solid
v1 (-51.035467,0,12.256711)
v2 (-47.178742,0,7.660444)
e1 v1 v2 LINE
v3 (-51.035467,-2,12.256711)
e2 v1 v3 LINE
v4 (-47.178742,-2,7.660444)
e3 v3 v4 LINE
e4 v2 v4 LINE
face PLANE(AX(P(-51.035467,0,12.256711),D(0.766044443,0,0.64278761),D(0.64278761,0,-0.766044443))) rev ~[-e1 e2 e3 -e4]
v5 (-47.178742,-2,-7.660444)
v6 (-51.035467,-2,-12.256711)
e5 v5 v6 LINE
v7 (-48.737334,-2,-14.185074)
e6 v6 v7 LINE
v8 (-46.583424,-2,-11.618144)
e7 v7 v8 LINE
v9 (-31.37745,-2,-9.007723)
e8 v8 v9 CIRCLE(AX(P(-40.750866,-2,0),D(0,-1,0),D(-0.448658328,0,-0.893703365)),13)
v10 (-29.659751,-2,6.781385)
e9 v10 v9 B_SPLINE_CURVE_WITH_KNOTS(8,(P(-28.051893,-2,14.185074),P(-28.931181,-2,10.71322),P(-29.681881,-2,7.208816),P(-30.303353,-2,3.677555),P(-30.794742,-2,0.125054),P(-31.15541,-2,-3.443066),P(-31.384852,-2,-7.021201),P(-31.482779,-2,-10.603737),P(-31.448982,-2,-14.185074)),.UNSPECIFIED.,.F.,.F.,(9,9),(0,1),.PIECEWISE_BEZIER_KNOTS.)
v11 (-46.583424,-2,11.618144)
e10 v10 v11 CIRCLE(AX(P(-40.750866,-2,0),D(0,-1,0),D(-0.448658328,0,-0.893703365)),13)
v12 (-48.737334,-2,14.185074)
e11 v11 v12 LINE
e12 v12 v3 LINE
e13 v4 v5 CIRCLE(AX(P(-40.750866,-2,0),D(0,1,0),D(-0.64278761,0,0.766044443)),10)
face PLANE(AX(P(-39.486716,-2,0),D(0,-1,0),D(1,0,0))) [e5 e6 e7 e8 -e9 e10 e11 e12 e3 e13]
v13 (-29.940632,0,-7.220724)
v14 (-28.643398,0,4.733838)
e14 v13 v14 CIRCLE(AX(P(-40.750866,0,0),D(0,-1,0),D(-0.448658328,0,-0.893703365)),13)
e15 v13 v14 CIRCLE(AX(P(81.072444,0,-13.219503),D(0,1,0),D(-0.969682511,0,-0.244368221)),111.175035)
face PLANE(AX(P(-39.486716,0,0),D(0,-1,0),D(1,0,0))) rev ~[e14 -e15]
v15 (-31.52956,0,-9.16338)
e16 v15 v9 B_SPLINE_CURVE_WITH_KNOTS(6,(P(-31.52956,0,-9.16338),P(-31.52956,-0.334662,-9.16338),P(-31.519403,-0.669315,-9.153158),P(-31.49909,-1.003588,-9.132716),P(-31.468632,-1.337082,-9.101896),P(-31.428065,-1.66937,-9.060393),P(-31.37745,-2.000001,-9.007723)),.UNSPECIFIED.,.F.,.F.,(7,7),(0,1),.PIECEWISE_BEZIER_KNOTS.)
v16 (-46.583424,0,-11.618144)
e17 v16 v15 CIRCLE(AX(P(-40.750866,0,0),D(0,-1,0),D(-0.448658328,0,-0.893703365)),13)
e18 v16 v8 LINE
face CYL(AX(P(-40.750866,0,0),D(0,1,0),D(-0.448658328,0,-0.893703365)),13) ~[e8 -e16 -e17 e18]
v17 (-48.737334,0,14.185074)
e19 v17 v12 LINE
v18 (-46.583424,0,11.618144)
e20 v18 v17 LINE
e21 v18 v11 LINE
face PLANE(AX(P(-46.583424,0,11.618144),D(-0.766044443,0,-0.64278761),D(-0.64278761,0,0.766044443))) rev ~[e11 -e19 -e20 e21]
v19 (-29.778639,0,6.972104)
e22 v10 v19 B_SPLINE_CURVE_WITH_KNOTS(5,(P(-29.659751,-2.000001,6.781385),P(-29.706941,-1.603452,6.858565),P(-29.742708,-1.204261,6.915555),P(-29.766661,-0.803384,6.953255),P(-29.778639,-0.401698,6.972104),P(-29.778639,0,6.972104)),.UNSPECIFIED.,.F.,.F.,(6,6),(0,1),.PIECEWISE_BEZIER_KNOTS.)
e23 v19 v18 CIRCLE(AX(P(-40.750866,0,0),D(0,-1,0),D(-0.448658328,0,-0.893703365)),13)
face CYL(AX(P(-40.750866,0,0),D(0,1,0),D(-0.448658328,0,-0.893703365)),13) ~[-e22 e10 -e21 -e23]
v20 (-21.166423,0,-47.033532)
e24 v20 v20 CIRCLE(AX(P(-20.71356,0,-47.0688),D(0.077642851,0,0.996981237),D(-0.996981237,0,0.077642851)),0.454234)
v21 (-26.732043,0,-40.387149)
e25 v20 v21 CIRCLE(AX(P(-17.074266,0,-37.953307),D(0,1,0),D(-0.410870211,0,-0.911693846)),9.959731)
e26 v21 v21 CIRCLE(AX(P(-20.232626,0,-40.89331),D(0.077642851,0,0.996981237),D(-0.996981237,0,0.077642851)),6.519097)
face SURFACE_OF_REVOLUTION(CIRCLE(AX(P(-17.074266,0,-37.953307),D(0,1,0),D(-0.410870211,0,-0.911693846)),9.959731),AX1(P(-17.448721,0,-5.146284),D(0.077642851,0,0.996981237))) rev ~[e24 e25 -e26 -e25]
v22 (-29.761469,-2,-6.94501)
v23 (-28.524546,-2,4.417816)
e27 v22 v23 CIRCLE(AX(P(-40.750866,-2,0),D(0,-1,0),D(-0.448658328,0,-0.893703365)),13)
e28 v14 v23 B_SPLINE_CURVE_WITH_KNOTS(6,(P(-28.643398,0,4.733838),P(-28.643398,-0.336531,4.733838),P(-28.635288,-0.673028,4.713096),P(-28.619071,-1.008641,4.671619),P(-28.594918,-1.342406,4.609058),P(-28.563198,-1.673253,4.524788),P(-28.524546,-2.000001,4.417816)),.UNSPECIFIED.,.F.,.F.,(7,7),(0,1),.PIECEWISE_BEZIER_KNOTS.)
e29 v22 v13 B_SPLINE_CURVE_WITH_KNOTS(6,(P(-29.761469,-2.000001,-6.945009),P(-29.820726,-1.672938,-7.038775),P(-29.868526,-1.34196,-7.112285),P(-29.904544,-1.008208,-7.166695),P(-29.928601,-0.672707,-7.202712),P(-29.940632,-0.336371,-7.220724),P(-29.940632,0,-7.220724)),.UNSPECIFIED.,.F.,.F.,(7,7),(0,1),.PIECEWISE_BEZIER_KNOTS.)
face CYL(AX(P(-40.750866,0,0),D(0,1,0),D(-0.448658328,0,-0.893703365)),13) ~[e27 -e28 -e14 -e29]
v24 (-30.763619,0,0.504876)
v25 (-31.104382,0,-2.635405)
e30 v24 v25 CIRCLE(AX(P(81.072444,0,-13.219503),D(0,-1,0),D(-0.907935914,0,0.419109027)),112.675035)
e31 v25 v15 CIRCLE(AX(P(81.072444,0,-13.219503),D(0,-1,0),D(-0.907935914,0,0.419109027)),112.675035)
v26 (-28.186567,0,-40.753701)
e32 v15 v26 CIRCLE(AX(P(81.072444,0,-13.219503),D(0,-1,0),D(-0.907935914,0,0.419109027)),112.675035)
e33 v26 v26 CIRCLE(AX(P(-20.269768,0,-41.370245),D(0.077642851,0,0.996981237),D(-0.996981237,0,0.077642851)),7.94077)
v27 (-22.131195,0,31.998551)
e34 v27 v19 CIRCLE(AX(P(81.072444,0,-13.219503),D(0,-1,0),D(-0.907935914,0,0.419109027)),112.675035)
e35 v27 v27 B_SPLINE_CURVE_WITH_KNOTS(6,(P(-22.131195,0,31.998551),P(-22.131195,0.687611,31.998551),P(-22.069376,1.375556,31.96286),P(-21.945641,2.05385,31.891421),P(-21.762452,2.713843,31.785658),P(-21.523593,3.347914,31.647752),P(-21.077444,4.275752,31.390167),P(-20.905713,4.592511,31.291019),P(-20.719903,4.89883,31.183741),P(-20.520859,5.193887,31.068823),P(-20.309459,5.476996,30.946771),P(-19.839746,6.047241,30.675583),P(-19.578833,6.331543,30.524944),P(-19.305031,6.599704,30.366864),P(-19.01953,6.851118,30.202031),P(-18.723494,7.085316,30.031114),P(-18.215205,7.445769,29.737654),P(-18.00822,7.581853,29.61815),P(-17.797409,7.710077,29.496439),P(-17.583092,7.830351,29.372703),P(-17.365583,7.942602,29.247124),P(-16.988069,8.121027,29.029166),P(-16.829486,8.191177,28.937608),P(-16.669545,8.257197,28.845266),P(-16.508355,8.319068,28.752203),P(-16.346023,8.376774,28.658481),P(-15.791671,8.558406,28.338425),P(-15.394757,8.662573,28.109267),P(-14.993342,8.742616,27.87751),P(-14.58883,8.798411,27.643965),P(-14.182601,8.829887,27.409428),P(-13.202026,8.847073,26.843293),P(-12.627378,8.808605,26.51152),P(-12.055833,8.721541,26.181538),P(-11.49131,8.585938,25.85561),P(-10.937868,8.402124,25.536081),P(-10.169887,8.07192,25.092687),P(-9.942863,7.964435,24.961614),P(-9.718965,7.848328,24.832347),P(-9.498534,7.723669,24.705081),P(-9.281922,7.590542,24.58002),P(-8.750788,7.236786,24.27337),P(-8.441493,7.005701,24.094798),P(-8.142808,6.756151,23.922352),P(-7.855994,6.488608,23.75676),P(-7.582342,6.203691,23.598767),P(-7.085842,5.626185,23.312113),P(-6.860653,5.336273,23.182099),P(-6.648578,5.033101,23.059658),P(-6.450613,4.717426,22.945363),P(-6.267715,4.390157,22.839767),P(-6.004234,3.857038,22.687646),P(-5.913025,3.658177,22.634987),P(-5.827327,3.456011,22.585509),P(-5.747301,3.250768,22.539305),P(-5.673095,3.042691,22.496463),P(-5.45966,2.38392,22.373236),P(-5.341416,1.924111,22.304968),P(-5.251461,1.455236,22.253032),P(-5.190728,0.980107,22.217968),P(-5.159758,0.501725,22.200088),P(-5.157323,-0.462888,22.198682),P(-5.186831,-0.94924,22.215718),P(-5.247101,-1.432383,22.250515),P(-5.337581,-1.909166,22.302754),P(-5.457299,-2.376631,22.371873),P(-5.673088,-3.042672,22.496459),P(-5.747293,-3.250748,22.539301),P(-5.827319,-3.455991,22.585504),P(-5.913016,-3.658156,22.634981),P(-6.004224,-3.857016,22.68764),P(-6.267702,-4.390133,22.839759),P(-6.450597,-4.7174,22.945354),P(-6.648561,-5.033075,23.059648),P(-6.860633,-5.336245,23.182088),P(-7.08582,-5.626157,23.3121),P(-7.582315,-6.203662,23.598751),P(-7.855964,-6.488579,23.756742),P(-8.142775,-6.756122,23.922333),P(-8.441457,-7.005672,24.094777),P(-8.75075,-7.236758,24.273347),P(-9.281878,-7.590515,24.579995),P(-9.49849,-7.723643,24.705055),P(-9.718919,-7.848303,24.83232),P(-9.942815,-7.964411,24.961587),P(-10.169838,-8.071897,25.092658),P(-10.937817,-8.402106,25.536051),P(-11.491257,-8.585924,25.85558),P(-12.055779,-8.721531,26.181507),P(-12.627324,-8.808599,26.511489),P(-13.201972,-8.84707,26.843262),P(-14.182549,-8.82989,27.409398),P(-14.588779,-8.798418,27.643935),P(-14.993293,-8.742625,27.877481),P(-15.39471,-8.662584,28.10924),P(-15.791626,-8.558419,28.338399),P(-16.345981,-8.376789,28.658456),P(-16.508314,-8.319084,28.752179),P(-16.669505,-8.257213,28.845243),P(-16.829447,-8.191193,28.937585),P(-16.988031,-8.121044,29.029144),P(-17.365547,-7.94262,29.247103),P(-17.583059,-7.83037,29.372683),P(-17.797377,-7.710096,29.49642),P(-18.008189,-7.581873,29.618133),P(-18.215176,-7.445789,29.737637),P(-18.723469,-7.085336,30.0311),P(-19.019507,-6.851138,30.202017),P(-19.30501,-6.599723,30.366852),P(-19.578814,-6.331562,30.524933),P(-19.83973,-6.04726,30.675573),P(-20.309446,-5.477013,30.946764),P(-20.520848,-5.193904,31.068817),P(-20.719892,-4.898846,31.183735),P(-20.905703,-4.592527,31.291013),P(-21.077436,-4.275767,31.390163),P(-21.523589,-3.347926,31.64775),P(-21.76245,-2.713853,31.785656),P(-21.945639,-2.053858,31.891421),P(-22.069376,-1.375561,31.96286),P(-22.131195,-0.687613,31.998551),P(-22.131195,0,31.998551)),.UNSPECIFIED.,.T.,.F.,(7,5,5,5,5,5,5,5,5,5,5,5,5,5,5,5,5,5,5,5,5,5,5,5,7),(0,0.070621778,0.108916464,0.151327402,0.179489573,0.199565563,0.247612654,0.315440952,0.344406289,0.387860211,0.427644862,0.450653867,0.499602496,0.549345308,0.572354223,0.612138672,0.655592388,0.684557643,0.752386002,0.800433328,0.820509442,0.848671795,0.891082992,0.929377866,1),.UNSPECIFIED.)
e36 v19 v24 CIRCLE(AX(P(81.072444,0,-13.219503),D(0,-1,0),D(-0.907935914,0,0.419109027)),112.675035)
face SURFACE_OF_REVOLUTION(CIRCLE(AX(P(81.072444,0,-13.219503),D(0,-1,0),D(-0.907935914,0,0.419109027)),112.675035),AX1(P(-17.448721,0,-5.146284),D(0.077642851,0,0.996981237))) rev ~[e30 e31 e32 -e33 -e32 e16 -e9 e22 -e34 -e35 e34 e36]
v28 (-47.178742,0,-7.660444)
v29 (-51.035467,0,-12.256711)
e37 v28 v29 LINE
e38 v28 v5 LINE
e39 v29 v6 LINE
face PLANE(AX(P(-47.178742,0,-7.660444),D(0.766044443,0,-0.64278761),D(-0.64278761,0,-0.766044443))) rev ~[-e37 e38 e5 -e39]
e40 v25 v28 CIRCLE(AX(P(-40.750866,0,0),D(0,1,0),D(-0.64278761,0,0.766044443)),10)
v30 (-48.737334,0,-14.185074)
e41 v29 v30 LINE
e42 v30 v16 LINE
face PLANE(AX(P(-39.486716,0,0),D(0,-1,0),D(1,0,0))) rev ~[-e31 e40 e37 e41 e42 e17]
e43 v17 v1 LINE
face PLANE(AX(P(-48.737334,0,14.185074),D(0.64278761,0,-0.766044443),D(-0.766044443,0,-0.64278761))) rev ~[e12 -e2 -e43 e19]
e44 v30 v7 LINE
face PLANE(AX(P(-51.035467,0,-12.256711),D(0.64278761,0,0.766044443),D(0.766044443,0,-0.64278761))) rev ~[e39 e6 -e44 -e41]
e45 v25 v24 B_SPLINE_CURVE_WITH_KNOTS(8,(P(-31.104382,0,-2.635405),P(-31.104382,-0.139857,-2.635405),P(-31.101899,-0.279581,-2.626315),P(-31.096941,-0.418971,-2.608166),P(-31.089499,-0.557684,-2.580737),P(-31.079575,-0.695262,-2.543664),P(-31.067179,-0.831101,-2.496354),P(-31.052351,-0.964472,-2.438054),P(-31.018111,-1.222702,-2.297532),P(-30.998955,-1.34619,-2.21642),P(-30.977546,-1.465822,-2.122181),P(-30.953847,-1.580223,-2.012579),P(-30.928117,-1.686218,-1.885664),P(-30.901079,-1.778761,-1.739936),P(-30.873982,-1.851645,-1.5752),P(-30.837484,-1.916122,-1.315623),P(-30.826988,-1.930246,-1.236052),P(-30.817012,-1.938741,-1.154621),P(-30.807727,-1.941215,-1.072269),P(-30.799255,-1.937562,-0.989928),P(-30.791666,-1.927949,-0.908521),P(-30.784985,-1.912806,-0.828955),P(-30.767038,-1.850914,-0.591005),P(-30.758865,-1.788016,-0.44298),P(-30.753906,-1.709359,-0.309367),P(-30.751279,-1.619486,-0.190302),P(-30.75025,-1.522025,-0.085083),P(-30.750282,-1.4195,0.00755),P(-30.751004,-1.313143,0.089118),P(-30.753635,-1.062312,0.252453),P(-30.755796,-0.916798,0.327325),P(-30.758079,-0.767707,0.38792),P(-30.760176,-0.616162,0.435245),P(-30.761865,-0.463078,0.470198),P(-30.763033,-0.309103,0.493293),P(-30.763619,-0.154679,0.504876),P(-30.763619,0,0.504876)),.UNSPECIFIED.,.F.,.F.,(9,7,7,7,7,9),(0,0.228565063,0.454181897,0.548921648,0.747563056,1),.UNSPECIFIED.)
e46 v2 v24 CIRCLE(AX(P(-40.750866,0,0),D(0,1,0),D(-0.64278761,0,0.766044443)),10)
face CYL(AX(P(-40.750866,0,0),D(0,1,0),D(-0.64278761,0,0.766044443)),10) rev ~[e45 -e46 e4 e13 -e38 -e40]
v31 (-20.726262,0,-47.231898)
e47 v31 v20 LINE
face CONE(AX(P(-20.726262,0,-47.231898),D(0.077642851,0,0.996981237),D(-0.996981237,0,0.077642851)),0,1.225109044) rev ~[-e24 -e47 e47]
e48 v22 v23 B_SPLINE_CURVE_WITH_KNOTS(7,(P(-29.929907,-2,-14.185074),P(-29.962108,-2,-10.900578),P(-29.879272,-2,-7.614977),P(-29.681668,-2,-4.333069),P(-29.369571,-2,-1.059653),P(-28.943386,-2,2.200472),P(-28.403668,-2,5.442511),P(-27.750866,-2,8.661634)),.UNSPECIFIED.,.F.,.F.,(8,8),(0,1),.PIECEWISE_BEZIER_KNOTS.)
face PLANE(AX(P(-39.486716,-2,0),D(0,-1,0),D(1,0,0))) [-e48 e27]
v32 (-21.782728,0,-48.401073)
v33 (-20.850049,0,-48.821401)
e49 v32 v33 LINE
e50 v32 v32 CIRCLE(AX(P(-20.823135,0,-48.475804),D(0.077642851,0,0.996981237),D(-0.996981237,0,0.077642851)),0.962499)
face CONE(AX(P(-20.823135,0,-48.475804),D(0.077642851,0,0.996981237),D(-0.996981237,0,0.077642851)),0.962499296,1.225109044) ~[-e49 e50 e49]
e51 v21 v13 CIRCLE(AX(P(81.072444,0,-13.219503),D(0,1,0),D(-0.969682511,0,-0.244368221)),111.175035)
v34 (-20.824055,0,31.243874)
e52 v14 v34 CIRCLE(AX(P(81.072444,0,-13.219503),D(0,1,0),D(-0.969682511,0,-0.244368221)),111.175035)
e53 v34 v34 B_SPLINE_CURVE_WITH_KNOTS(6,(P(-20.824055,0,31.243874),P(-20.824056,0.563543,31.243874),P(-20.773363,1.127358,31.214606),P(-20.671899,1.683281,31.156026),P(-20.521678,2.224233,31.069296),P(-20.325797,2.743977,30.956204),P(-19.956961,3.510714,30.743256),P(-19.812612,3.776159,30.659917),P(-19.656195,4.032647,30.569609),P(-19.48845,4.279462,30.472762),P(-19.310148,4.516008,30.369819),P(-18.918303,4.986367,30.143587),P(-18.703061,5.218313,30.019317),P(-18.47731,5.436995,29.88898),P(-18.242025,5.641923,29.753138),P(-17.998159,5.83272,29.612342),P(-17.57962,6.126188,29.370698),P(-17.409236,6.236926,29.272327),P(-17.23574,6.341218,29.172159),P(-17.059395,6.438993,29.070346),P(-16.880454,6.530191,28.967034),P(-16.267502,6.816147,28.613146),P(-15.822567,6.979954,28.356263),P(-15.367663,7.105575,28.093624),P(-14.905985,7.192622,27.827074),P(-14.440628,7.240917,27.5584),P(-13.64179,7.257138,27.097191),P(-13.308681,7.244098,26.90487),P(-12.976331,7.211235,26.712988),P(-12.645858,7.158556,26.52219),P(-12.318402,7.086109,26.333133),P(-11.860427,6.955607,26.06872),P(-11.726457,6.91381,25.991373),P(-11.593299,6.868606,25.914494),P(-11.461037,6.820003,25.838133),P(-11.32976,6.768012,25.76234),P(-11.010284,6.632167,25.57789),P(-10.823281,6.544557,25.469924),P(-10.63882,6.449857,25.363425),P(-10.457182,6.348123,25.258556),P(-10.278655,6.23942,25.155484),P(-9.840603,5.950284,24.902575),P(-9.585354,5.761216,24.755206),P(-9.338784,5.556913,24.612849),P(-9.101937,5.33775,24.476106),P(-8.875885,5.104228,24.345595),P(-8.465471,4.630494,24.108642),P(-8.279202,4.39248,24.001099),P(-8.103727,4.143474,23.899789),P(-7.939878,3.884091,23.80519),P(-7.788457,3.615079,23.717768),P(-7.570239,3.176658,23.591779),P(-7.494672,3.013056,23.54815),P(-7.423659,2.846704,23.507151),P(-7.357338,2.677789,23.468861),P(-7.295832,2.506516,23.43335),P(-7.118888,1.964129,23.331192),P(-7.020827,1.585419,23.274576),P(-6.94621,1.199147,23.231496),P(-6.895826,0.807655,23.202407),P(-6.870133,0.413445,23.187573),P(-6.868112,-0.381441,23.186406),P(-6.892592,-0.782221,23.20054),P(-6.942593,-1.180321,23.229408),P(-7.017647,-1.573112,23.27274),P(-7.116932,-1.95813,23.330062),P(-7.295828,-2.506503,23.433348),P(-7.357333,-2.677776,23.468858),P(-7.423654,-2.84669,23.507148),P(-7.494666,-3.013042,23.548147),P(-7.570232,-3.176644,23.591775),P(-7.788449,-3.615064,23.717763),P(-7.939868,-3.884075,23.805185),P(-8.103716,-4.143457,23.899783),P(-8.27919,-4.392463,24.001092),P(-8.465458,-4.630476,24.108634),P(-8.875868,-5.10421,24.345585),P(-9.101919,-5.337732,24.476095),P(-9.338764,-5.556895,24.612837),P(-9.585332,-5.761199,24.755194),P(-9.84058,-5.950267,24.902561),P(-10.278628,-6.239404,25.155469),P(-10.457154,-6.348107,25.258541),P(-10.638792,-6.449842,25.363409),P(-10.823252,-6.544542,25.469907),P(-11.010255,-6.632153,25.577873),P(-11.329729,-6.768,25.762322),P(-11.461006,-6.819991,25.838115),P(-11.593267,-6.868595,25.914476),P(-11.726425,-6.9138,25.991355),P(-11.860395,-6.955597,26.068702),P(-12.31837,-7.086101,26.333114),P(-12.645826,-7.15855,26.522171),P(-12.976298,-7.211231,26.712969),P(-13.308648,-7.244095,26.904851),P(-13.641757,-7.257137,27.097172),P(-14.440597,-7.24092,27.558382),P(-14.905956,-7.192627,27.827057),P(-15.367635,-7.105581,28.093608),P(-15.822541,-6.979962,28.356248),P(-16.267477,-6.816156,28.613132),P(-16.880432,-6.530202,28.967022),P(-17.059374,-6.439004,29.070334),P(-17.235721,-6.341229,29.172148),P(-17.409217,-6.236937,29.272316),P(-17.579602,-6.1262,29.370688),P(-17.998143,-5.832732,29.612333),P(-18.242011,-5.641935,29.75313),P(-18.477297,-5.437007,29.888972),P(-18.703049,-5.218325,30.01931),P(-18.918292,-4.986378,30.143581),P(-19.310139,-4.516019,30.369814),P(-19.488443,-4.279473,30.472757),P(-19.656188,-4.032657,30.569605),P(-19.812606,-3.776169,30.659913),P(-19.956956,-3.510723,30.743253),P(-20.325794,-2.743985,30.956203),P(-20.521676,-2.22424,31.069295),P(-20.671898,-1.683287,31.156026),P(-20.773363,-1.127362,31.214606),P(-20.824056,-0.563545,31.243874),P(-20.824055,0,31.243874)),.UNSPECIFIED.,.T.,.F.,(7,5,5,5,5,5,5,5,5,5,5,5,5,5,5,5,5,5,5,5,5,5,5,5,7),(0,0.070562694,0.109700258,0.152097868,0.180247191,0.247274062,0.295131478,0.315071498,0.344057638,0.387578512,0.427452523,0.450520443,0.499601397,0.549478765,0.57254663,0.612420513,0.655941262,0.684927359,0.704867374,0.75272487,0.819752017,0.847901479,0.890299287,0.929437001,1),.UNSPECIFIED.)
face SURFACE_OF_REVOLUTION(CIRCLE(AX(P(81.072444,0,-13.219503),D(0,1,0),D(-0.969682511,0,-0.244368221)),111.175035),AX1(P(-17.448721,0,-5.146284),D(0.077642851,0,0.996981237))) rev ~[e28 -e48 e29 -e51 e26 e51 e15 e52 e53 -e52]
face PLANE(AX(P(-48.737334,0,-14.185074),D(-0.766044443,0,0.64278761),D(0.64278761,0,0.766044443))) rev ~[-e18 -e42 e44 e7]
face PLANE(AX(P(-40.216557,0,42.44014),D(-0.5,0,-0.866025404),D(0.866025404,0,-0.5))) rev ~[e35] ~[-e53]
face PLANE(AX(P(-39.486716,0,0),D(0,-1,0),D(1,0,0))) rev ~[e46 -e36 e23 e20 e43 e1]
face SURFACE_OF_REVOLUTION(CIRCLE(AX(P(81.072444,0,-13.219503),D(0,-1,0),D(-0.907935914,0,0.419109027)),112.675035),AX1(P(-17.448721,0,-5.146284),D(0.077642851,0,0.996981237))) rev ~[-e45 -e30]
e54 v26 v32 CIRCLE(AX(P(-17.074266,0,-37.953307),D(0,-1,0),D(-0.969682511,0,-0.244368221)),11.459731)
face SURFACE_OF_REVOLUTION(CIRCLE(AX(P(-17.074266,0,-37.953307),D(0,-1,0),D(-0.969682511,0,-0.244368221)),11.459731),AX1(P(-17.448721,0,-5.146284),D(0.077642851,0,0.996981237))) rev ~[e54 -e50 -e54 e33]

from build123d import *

# Parameters (mm, degrees)
F1_DEPTH = 2
F6_DEPTH = 12.5


with BuildPart() as f1:
    # F0 (on Front) → F1 (new body)
    with BuildSketch(Plane.XZ):
        with BuildLine():
            ThreePointArc((-47.1787418025, 7.6604444312), (-30.7508657056, 0), (-47.1787418025, -7.6604444312))
            Line((-47.1787418025, -7.6604444312), (-51.0354674606, -12.2567110899))
            Line((-51.0354674606, -12.2567110899), (-48.7373341312, -14.185073919))
            Line((-48.7373341312, -14.185073919), (-46.5834239696, -11.6181437457))
            ThreePointArc((-46.5834239696, -11.6181437457), (-27.7508657056, 0), (-46.5834239696, 11.6181437457))
            Line((-46.5834239696, 11.6181437457), (-48.7373341312, 14.185073919))
            Line((-48.7373341312, 14.185073919), (-51.0354674606, 12.2567110899))
            Line((-51.0354674606, 12.2567110899), (-47.1787418025, 7.6604444312))
        make_face()
    extrude(amount=F1_DEPTH)

    # F2 (on Front) → F4 (revolve)
    with BuildSketch(Plane.XZ):
        with BuildLine():
            Line((-20.8099102823, 31.2762754912), (-21.2292668885, 34.0036213387))
            ThreePointArc((-21.2292668885, 34.0036213387), (-31.1177920404, -2.778503979), (-28.1865669375, -40.7537010419))
            ThreePointArc((-28.1865669375, -40.7537010419), (-25.8603182026, -45.310665501), (-21.7827283578, -48.4010731304))
            Line((-21.7827283578, -48.4010731304), (-20.8500489653, -48.821400832))
            Line((-20.8500489653, -48.821400832), (-20.7262617853, -47.2318984557))
            Line((-20.7262617853, -47.2318984557), (-21.1664230409, -47.0335323608))
            ThreePointArc((-21.1664230409, -47.0335323608), (-24.7102844045, -44.3476378466), (-26.7320431707, -40.3871487106))
            ThreePointArc((-26.7320431707, -40.3871487106), (-29.724913629, -4.0634142714), (-20.8099102823, 31.2762754912))
        make_face()
    revolve(axis=Axis((-17.4487205723, 0, -5.1462838666), (0.0776428508, 0, 0.9969812374)))

    # F5 (on Front) → F6 (cut, symmetric)
    with BuildSketch(Plane.XZ):
        Polygon((-33.647916918, 53.8173572632), (-40.2165566231, 42.4401395573), (38.3658243833, -2.9294192704), (48.8641143222, 4.3457121646), align=None)
    extrude(amount=F6_DEPTH, both=True, mode=Mode.SUBTRACT)


solid = f1.part
